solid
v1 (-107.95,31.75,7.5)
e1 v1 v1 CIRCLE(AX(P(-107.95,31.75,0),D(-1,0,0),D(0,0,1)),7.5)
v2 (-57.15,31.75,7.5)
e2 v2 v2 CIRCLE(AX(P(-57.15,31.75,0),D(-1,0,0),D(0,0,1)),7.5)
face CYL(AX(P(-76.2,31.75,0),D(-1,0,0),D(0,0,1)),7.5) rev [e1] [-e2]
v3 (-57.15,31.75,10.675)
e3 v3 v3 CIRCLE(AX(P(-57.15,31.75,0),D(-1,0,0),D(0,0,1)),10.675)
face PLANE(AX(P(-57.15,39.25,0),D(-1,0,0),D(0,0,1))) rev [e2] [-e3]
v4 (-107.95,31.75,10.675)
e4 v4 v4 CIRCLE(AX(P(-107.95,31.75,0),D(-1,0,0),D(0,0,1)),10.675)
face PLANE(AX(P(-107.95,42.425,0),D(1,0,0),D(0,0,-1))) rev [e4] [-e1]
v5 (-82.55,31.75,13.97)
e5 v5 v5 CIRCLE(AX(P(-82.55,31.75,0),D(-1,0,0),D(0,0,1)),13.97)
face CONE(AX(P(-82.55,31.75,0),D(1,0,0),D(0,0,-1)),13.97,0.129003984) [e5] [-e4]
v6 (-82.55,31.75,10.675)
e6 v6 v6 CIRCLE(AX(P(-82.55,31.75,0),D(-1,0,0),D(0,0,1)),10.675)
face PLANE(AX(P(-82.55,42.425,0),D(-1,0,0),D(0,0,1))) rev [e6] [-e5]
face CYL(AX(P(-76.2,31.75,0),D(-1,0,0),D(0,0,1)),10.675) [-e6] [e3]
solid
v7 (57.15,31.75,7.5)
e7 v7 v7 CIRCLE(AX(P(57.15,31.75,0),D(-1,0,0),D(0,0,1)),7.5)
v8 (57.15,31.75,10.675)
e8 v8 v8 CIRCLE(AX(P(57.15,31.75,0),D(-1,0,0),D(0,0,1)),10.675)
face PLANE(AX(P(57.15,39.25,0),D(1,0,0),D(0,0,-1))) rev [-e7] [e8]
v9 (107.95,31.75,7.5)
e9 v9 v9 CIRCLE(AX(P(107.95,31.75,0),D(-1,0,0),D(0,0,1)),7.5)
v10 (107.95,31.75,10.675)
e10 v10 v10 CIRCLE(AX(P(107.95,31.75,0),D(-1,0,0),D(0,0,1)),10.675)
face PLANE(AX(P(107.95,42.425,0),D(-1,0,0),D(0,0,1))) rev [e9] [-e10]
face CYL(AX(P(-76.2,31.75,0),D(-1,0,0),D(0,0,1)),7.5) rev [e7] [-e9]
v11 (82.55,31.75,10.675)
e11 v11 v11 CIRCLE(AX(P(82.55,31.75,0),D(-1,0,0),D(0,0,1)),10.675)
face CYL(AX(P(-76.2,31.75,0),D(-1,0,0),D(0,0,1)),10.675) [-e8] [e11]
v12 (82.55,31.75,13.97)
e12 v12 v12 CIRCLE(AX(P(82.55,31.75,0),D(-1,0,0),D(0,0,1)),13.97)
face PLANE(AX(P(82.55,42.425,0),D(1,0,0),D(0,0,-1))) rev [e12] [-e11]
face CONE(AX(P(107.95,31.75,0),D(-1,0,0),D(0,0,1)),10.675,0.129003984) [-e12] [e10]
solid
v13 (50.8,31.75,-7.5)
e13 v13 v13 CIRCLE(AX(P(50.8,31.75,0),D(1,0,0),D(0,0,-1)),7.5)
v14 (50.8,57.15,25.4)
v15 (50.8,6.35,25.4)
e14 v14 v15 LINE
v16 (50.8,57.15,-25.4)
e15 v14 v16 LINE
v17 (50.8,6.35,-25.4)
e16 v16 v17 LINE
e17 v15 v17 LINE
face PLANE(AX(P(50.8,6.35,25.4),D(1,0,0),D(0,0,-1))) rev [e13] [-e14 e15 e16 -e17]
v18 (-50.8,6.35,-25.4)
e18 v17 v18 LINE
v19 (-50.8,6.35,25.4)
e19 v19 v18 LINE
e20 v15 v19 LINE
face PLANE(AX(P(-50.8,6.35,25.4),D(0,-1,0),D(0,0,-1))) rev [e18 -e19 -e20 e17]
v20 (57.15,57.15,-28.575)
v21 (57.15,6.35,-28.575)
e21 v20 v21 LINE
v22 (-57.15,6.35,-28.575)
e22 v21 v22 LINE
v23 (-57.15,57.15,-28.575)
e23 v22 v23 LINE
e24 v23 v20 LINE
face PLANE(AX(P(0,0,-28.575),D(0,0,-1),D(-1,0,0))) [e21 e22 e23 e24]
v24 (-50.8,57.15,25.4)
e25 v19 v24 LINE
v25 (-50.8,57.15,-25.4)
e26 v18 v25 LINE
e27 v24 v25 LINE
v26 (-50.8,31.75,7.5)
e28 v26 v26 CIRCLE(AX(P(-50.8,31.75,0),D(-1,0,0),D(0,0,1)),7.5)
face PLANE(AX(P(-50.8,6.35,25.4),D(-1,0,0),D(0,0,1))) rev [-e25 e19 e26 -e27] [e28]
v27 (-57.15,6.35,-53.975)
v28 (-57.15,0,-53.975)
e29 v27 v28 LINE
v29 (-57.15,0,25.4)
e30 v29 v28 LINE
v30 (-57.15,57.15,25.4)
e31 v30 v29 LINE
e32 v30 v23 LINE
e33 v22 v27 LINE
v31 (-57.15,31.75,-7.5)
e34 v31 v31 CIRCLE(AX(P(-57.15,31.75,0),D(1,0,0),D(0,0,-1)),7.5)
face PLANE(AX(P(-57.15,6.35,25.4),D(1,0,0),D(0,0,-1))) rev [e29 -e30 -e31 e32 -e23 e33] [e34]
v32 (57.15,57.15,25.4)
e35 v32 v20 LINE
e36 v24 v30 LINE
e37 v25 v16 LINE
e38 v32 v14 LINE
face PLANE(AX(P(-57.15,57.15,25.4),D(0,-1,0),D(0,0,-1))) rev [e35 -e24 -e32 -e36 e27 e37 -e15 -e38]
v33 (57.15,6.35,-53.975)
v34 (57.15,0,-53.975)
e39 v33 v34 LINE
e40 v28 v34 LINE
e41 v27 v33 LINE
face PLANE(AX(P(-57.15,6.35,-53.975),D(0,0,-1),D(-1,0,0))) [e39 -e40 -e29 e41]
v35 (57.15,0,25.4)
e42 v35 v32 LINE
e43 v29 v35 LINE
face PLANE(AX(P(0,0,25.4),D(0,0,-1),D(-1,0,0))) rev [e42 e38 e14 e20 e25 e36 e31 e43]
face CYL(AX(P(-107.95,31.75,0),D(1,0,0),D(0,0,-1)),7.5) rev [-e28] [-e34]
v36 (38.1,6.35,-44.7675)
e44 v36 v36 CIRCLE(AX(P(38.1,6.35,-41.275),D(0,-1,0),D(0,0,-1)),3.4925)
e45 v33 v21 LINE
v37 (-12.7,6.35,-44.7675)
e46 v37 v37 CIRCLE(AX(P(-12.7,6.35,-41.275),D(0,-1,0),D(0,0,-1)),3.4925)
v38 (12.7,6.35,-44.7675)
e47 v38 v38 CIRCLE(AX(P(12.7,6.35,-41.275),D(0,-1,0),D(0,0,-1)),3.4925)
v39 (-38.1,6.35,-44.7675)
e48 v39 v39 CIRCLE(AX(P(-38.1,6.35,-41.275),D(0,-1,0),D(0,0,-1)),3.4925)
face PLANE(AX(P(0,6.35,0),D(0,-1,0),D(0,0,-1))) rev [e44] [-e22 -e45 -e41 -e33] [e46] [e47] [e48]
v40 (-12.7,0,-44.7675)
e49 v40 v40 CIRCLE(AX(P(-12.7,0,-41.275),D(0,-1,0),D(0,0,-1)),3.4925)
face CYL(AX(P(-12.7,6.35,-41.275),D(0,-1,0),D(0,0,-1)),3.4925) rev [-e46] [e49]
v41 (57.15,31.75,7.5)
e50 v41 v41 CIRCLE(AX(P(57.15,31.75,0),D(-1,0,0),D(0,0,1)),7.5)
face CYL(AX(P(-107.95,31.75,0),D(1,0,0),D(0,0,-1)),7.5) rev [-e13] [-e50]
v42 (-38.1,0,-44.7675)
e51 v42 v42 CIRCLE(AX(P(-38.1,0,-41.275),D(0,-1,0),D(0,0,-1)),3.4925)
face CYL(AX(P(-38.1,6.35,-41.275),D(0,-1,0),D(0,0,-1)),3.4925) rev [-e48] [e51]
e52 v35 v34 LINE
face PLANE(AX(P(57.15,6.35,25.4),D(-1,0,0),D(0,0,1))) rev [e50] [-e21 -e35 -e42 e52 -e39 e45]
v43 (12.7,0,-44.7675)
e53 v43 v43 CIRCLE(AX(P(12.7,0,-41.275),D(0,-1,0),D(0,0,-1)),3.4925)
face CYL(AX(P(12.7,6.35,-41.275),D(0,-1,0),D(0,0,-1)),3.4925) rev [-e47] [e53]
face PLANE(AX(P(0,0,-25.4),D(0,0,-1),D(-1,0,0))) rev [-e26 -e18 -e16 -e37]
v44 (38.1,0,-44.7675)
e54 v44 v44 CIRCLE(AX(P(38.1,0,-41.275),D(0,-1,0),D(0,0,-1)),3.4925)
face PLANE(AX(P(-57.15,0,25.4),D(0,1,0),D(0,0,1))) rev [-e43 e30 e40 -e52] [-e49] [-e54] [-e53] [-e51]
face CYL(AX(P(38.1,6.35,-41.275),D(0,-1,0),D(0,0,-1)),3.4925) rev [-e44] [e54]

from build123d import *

# Parameters (mm, degrees)
BOSS_EXTRUDE1_DEPTH     = 25.4
SKETCH2_W               = 114.3
SKETCH2_H               = 57.15
BOSS_EXTRUDE2_DEPTH     = 3.175
CUT_EXTRUDE2_DEPTH      = 126.442638784
CUT_EXTRUDE2_DEPTH_BACK = 126.442638784
SKETCH3_R               = 7.5
SKETCH5_W               = 114.3
SKETCH5_H               = 25.4
SKETCH5_R               = 3.4925
BOSS_EXTRUDE3_DEPTH     = 6.35


with BuildPart() as part:
    # Sketch1 → Boss-Extrude1 (new, symmetric)
    with BuildSketch(Plane.XY):
        Polygon((-57.15, 0), (57.15, 0), (57.15, 6.35), (57.15, 57.15), (50.8, 57.15), (50.8, 6.35), (-50.8, 6.35), (-50.8, 57.15), (-57.15, 57.15), (-57.15, 6.35), align=None)
    extrude(amount=BOSS_EXTRUDE1_DEPTH, both=True)

    # Sketch2 → Boss-Extrude2 (add)
    with BuildSketch(Plane(origin=(0, 0, -25.4), x_dir=(-1, 0, 0), z_dir=(0, 0, -1))):
        with Locations((0, 28.575)):
            Rectangle(SKETCH2_W, SKETCH2_H)
    extrude(amount=BOSS_EXTRUDE2_DEPTH)

    # Sketch3 → Cut-Extrude2 (cut, two sides: drawn at the far end of the back side and taken through both)
    with BuildSketch(Plane(origin=(0, 0, 0), x_dir=(0, 0, -1), z_dir=(1, 0, 0)).offset(-CUT_EXTRUDE2_DEPTH_BACK)):
        with Locations(Location((0, 31.75, 0), (0, 0, 180))):
            Circle(SKETCH3_R)
    extrude(amount=CUT_EXTRUDE2_DEPTH + CUT_EXTRUDE2_DEPTH_BACK, mode=Mode.SUBTRACT)

    # Sketch5 → Boss-Extrude3 (add)
    with BuildSketch(Plane.XZ):
        with Locations((0, -41.275)):
            Rectangle(SKETCH5_W, SKETCH5_H)
        with Locations(Location((38.1, -41.275, 0), (0, 0, 270))):
            Circle(SKETCH5_R, mode=Mode.SUBTRACT)
        with Locations(Location((12.7, -41.275, 0), (0, 0, 270))):
            Circle(SKETCH5_R, mode=Mode.SUBTRACT)
        with Locations(Location((-12.7, -41.275, 0), (0, 0, 270))):
            Circle(SKETCH5_R, mode=Mode.SUBTRACT)
        with Locations(Location((-38.1, -41.275, 0), (0, 0, 270))):
            Circle(SKETCH5_R, mode=Mode.SUBTRACT)
    extrude(amount=-BOSS_EXTRUDE3_DEPTH)


with BuildPart() as body_2:
    # Sketch4 → Revolve1 (revolve)
    with BuildSketch(Plane.XY, mode=Mode.PRIVATE) as revolve1_sk:
        Polygon((57.15, 39.25), (57.15, 42.425), (82.55, 42.425), (82.55, 45.72), (107.95, 42.425), (107.95, 39.25), align=None)
        Polygon((-57.15, 42.425), (-82.55, 42.425), (-82.55, 45.72), (-107.95, 42.425), (-107.95, 39.25), (-57.15, 39.25), align=None)
    revolve(revolve1_sk.sketch.rotate(Axis((-76.2, 31.75, 0), (1, 0, 0)), 90), axis=Axis((-76.2, 31.75, 0), (1, 0, 0)))


solid = Compound([part.part, body_2.part])
